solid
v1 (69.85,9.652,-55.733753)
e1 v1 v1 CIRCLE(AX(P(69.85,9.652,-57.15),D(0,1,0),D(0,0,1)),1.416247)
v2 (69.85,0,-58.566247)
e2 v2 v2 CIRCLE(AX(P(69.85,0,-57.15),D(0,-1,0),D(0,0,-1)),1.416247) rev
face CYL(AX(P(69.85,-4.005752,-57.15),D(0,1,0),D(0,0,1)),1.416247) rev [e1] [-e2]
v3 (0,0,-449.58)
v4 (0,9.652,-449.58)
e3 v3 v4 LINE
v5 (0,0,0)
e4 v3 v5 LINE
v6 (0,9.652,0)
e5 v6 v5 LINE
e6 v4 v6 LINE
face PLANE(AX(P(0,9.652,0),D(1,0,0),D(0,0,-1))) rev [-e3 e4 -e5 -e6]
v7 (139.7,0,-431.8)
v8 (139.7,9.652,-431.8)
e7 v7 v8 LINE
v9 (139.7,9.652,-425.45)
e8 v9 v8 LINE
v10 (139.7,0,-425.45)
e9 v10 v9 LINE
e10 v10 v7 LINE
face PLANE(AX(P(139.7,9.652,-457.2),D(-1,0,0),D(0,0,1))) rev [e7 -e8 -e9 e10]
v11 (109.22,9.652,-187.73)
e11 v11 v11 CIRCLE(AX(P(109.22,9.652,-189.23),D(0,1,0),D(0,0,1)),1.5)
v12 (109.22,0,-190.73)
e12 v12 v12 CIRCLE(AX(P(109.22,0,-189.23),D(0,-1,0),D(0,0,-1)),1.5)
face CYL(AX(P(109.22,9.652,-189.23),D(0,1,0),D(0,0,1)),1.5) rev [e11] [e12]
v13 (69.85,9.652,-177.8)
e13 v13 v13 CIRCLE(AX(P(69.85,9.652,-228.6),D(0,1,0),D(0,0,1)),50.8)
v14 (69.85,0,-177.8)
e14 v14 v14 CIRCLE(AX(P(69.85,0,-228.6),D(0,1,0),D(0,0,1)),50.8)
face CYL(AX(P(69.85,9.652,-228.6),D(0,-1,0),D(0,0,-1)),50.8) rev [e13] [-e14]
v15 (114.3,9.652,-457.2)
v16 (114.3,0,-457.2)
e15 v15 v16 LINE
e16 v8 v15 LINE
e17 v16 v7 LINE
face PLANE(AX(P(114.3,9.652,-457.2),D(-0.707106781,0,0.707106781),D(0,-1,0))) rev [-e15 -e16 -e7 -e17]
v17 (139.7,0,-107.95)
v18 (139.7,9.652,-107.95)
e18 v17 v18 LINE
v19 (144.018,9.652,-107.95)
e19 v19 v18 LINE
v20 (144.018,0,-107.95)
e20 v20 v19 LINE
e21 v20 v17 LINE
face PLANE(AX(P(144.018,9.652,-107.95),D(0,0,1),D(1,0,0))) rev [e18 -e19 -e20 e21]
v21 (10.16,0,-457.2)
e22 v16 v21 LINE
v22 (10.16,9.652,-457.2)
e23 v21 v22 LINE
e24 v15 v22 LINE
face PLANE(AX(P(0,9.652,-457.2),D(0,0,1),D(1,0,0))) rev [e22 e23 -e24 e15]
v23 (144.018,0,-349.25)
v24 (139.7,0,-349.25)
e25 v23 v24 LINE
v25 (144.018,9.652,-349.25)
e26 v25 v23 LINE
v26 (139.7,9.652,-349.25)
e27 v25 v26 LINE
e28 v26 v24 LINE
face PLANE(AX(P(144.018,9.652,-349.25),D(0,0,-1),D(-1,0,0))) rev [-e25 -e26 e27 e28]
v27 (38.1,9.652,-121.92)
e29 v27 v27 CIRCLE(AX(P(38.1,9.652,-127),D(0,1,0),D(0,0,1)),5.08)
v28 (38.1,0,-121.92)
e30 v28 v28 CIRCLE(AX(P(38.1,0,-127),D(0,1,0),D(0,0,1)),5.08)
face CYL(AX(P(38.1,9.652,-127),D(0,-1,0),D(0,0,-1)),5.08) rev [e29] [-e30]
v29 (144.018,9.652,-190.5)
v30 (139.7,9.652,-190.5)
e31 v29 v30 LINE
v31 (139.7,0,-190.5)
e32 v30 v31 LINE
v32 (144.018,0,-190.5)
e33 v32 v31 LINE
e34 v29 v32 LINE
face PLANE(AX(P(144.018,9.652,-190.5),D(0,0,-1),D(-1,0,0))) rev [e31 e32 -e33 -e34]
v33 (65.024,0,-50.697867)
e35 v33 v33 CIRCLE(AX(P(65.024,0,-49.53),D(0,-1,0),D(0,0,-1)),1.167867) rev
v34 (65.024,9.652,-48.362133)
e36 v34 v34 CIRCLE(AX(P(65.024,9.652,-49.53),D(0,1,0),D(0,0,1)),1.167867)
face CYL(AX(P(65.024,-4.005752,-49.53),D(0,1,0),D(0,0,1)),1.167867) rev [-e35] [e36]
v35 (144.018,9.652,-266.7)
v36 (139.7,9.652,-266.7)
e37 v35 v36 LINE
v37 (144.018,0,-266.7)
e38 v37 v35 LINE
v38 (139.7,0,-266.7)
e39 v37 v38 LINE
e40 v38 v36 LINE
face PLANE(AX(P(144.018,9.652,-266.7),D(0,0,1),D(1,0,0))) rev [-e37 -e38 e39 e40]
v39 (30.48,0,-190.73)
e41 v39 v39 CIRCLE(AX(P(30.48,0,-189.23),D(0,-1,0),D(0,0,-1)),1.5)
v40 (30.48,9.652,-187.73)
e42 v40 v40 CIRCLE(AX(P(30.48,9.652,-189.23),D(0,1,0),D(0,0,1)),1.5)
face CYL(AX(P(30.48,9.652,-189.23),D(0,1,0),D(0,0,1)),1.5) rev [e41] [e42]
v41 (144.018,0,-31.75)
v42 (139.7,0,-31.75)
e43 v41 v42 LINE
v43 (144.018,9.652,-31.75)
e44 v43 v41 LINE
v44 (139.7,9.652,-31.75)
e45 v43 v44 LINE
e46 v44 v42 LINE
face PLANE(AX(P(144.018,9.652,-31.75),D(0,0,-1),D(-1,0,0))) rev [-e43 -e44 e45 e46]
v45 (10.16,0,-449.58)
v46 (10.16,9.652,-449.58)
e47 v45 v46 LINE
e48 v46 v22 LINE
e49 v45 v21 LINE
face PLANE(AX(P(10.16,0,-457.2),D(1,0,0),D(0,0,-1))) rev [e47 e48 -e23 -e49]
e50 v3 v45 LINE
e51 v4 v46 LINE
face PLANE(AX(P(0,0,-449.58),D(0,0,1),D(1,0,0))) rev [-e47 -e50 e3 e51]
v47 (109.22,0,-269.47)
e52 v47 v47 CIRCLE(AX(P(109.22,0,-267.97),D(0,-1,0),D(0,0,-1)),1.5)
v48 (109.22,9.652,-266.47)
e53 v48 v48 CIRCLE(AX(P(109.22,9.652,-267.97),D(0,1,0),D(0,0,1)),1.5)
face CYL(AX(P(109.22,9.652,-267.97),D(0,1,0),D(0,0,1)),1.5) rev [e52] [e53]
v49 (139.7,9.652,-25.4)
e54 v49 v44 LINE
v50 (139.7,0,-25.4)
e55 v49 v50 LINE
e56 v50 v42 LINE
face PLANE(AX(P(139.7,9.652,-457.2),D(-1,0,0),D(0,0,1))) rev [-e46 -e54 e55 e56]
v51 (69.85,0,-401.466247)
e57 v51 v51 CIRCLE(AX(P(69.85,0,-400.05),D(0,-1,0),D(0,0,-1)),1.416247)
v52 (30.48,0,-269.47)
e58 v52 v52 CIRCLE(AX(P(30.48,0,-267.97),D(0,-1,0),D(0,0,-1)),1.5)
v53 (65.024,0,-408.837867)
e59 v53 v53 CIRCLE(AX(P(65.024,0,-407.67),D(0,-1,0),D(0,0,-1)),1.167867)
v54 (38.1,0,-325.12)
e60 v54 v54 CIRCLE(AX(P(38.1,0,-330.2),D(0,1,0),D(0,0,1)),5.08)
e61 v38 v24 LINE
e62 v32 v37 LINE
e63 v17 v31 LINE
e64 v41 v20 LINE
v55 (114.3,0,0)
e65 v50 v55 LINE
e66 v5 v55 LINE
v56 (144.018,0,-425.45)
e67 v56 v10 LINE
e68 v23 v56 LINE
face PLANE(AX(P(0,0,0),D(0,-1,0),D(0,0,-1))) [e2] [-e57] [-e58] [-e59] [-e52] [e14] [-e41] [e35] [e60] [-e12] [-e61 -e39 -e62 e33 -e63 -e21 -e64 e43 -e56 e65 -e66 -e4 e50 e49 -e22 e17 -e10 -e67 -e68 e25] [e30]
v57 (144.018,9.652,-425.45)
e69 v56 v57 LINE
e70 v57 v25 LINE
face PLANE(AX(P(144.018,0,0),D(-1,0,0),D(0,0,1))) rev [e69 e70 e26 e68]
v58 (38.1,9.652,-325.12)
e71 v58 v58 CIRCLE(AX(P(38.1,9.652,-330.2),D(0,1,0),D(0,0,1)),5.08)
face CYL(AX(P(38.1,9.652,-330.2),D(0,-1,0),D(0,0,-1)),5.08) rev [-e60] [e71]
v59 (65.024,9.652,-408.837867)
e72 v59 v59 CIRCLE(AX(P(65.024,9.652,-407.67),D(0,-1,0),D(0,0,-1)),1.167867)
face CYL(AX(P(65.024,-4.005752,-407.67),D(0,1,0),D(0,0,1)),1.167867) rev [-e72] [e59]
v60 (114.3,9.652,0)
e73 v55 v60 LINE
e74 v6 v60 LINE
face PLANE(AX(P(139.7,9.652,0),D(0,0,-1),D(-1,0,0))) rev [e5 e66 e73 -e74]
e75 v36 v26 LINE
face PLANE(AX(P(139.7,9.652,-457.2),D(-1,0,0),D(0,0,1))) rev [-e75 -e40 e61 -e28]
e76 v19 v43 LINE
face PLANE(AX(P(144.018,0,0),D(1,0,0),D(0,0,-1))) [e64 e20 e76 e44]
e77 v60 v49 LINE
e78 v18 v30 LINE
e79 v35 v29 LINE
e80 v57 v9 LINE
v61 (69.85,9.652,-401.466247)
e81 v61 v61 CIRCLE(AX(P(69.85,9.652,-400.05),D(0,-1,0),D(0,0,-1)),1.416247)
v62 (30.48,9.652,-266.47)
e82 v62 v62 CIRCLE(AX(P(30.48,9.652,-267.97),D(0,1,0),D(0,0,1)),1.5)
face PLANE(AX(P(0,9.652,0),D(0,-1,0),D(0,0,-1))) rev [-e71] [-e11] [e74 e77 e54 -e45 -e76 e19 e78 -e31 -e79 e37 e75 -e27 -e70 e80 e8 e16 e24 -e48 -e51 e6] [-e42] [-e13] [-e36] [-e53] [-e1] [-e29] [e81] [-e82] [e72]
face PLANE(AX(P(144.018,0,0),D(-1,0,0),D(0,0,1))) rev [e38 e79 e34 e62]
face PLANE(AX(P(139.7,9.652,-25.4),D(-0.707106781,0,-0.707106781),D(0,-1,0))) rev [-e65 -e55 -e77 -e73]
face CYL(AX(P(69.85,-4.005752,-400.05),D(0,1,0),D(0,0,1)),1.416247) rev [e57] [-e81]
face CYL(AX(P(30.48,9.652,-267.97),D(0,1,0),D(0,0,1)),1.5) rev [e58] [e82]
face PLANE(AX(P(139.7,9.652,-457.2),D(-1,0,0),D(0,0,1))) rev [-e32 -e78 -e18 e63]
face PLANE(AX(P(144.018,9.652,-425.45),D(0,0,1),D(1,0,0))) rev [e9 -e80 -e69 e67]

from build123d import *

# Parameters (mm, degrees)
SKETCH1_W                    = 139.7
SKETCH1_H                    = 457.2
SKETCH1_R                    = 50.8
SKETCH1_R_2                  = 5.08
BOSS_EXTRUDE1_DEPTH          = 9.652
SKETCH4_W                    = 10.16
SKETCH4_H                    = 7.62
CUT_EXTRUDE1_DEPTH           = 10.652
CHAMFER1_SIZE                = 25.4
SKETCH5_W                    = 76.2
SKETCH5_H                    = 9.652
BOSS_EXTRUDE2_DEPTH          = 4.318
F_3_0_3_DIAMETER_HOLE1_D     = 3
F_3_0_3_DIAMETER_HOLE1_DEPTH = 9.652
SKETCH10_R                   = 1.167867484
SKETCH10_R_2                 = 1.416247351
CUT_EXTRUDE2_DEPTH           = 9.652


with BuildPart() as part:
    # Sketch1 → Boss-Extrude1 (new body)
    with BuildSketch(Plane(origin=(0, 0, 0), x_dir=(1, 0, 0), z_dir=(0, 1, 0))):
        with Locations((69.85, 228.6)):
            Rectangle(SKETCH1_W, SKETCH1_H)
        with Locations((69.85, 228.6)):
            Circle(SKETCH1_R, mode=Mode.SUBTRACT)
        with Locations((38.1, 127)):
            Circle(SKETCH1_R_2, mode=Mode.SUBTRACT)
        with Locations((38.1, 330.2)):
            Circle(SKETCH1_R_2, mode=Mode.SUBTRACT)
    extrude(amount=BOSS_EXTRUDE1_DEPTH)

    # Sketch4 → Cut-Extrude1 (cut, through all)
    with BuildSketch(Plane(origin=(0, 9.652, 0), x_dir=(1, 0, 0), z_dir=(0, 1, 0))):
        with Locations((5.08, 453.39)):
            Rectangle(SKETCH4_W, SKETCH4_H)
    extrude(amount=-CUT_EXTRUDE1_DEPTH, mode=Mode.SUBTRACT)

    # Chamfer1
    chamfer1_edges = [part.edges().sort_by_distance(p)[0] for p in [
        (139.7, 4.826, -457.2),
        (139.7, 4.826, 0),
    ]]
    chamfer(chamfer1_edges, length=CHAMFER1_SIZE)

    # Sketch5 → Boss-Extrude2 (add)
    with BuildSketch(Plane(origin=(139.7, 0, 0), x_dir=(0, 0, -1), z_dir=(1, 0, 0))):
        with Locations((69.85, 4.826)):
            Rectangle(SKETCH5_W, SKETCH5_H)
        with Locations((228.6, 4.826)):
            Rectangle(SKETCH5_W, SKETCH5_H)
        with Locations((387.35, 4.826)):
            Rectangle(SKETCH5_W, SKETCH5_H)
    extrude(amount=BOSS_EXTRUDE2_DEPTH)

    # Ø3.0 (3) Diameter Hole1
    with Locations(Plane(origin=(0, 9.652, 0), x_dir=(1, 0, 0), z_dir=(0, 1, 0))):
        with Locations((109.22, 189.23), (30.48, 189.23), (30.48, 267.97), (109.22, 267.97)):
            Hole(F_3_0_3_DIAMETER_HOLE1_D / 2, depth=F_3_0_3_DIAMETER_HOLE1_DEPTH)

    # Sketch10 → Cut-Extrude2 (cut)
    with BuildSketch(Plane(origin=(0, 9.652, 0), x_dir=(1, 0, 0), z_dir=(0, 1, 0))):
        with Locations((65.024, 49.53)):
            Circle(SKETCH10_R)
        with Locations((69.85, 57.15)):
            Circle(SKETCH10_R_2)
    cut_extrude2 = extrude(amount=-CUT_EXTRUDE2_DEPTH, mode=Mode.SUBTRACT)

    # Mirror1: Cut-Extrude2 across plane
    add(cut_extrude2.mirror(Plane.XY.offset(-228.6)), mode=Mode.SUBTRACT)


solid = part.part
